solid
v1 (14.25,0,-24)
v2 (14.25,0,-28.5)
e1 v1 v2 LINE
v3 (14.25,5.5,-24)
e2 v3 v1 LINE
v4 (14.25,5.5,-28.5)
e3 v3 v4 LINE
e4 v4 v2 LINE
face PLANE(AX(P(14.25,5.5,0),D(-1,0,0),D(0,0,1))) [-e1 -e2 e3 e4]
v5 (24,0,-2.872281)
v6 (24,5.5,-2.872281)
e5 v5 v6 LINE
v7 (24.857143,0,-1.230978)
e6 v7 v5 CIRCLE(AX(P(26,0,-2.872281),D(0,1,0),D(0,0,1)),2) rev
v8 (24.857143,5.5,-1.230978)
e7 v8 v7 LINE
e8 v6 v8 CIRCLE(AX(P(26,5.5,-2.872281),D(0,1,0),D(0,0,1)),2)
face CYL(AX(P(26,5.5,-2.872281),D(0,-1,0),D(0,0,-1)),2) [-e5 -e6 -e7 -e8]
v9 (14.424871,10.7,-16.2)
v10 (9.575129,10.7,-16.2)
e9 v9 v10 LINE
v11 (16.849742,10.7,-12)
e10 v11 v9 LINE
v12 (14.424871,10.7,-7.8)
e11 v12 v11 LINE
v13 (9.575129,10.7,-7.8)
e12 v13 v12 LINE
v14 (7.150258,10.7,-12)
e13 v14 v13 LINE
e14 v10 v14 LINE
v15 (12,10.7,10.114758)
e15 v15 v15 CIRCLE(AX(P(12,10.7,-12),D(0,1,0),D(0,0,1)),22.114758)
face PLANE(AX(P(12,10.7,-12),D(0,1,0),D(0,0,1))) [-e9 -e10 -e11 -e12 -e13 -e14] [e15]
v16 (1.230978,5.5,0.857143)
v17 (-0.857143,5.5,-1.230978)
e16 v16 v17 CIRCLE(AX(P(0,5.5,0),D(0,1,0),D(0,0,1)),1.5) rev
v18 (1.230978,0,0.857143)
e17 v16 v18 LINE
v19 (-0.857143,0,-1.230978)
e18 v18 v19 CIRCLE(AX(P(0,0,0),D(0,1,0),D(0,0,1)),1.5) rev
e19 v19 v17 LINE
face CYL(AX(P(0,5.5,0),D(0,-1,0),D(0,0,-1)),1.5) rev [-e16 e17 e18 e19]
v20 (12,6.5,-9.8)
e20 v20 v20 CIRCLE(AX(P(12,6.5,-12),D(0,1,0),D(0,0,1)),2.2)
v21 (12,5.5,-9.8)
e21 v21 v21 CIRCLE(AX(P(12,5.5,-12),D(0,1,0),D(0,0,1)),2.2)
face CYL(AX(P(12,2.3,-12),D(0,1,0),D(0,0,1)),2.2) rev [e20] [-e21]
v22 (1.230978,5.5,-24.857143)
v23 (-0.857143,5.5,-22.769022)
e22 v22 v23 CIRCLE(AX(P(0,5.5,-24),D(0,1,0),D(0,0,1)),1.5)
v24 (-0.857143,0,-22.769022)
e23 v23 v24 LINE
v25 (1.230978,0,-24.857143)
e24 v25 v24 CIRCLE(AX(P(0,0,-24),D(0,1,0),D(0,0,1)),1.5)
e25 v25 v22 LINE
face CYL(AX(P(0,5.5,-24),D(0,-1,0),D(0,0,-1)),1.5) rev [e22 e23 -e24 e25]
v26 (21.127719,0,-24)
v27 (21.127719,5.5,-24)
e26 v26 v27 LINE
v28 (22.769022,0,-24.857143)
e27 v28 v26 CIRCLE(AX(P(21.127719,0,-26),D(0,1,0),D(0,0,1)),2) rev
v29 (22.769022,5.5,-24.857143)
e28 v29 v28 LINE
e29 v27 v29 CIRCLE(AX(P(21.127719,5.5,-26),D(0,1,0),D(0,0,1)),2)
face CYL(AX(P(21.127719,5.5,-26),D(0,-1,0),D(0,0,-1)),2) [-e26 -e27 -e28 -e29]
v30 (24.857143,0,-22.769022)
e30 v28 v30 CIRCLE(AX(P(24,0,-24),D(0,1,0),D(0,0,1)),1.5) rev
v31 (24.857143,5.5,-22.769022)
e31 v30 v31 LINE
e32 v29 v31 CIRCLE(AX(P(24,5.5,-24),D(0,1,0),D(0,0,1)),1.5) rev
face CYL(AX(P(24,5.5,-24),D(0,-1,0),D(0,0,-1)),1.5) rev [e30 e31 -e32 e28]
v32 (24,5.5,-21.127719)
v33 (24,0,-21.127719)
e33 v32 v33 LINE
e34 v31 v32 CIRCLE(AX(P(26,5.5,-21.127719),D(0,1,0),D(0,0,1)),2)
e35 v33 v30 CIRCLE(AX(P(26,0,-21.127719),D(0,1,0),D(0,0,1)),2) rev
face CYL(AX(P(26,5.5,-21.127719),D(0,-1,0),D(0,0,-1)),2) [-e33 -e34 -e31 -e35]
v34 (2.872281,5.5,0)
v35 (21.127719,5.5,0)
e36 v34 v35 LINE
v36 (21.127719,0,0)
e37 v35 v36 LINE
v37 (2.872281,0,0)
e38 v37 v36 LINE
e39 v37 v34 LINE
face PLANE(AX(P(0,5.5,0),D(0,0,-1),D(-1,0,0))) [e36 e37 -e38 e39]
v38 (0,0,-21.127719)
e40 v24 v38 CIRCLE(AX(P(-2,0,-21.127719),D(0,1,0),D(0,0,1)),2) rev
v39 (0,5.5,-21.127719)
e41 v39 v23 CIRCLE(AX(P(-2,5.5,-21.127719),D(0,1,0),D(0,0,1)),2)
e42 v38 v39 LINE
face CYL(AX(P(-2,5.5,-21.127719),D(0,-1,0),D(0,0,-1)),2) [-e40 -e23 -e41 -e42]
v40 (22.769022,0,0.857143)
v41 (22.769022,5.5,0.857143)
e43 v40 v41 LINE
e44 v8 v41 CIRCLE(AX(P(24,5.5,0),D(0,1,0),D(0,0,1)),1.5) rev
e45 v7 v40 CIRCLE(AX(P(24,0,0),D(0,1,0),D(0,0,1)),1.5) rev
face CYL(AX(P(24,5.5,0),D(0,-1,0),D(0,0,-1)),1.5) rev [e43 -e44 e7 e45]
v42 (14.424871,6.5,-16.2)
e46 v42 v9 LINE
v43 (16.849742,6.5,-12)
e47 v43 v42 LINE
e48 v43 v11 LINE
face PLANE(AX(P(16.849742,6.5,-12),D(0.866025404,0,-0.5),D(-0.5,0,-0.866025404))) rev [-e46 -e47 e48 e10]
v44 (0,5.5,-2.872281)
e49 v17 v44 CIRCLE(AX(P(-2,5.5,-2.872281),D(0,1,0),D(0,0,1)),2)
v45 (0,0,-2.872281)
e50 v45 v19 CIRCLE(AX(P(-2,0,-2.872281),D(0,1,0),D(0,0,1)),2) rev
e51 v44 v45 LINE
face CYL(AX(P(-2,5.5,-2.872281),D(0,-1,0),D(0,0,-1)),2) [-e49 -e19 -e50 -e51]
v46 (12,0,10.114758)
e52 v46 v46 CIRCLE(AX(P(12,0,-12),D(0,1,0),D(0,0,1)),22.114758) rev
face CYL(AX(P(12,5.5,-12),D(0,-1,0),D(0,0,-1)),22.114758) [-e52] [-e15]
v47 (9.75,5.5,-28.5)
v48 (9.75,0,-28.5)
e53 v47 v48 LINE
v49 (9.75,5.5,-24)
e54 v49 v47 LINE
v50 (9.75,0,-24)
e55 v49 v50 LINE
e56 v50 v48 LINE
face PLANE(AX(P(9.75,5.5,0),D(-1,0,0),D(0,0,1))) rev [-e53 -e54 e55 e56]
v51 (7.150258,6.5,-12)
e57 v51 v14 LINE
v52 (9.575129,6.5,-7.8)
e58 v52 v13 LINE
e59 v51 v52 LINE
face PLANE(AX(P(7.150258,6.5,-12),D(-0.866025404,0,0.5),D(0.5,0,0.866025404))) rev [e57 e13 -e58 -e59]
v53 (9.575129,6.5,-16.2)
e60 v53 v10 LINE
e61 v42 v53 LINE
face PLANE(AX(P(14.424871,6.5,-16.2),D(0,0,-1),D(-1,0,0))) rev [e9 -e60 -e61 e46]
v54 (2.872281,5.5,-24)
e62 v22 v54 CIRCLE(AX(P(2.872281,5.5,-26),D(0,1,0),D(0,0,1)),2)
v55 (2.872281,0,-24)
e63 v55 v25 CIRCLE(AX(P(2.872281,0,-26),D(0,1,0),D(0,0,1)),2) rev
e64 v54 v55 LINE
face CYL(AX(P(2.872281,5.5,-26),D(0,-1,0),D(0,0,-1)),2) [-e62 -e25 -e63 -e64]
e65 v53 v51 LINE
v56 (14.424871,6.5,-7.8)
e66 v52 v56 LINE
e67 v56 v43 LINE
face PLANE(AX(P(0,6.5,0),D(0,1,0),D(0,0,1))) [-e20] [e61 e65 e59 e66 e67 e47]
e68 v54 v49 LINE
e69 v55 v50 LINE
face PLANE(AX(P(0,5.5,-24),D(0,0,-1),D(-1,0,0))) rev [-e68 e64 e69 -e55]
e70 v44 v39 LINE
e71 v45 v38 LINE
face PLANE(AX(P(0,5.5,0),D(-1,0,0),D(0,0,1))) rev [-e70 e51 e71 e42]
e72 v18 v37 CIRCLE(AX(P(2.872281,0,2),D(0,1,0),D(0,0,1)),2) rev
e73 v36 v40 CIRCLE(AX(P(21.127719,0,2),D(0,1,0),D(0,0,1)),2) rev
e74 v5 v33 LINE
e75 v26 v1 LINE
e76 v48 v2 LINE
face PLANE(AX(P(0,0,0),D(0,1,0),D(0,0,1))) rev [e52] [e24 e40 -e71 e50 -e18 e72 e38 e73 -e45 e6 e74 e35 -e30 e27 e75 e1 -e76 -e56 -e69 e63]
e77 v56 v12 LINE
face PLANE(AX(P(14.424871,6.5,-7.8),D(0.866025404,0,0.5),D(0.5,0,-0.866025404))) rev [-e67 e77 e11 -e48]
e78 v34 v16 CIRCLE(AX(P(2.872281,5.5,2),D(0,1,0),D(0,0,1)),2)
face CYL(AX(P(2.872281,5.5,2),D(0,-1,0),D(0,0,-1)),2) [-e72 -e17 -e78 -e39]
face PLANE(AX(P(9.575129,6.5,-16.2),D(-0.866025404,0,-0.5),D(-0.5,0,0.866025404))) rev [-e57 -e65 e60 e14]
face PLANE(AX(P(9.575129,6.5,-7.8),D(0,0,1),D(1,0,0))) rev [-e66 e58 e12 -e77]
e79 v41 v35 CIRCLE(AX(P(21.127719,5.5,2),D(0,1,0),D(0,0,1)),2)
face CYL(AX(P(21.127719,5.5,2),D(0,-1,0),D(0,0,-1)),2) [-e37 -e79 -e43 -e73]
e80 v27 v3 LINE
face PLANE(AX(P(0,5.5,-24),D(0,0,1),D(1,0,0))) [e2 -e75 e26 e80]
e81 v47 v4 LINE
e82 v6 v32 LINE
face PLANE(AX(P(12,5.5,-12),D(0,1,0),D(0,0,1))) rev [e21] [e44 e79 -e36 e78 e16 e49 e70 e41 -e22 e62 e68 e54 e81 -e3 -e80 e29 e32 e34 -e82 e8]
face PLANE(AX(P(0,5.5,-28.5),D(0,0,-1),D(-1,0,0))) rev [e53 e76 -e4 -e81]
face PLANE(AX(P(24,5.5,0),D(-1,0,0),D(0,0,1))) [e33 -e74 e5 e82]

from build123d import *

# Parameters (mm, degrees)
BOSS_EXTRUDE1_DEPTH = 5.5
FILLET1_R           = 2
SKETCH2_R           = 22.114757516
BOSS_EXTRUDE2_DEPTH = 5.2
CUT_EXTRUDE1_DEPTH  = 4.2
SKETCH4_R           = 2.2
CUT_EXTRUDE2_DEPTH  = 4.2


with BuildPart() as part:
    # Sketch1 → Boss-Extrude1 (new body)
    with BuildSketch(Plane(origin=(0, 0, 0), x_dir=(1, 0, 0), z_dir=(0, 1, 0))):
        with BuildLine():
            ThreePointArc((1.5, 0), (-1.060660172, -1.060660172), (0, 1.5))
            Line((0, 1.5), (0, 22.5))
            ThreePointArc((0, 22.5), (-1.060660172, 25.060660172), (1.5, 24))
            Line((1.5, 24), (9.75, 24))
            Line((9.75, 24), (9.75, 28.5))
            Line((9.75, 28.5), (9.75, 34))
            ThreePointArc((9.75, 34), (12, -10.114757516), (14.25, 34))
            Line((14.25, 34), (14.25, 28.5))
            Line((14.25, 28.5), (14.25, 24))
            Line((14.25, 24), (22.5, 24))
            ThreePointArc((22.5, 24), (25.060660172, 25.060660172), (24, 22.5))
            Line((24, 22.5), (24, 1.5))
            ThreePointArc((24, 1.5), (25.060660172, -1.060660172), (22.5, 0))
            Line((22.5, 0), (1.5, 0))
        make_face()
        with BuildLine():
            Line((9.75, 34), (9.75, 28.5))
            Line((9.75, 28.5), (14.25, 28.5))
            Line((14.25, 28.5), (14.25, 34))
            ThreePointArc((14.25, 34), (12, 34.114757516), (9.75, 34))
        make_face()
    extrude(amount=BOSS_EXTRUDE1_DEPTH)

    # Fillet1
    fillet1_edges = [part.edges().sort_by_distance(p)[0] for p in [
        (0, 2.75, -22.5),
        (0, 2.75, -1.5),
        (1.5, 2.75, 0),
        (22.5, 2.75, 0),
        (24, 2.75, -1.5),
        (24, 2.75, -22.5),
        (22.5, 2.75, -24),
        (1.5, 2.75, -24),
    ]]
    fillet(fillet1_edges, radius=FILLET1_R)

    # Sketch2 → Boss-Extrude2 (add)
    with BuildSketch(Plane(origin=(0, 5.5, 0), x_dir=(1, 0, 0), z_dir=(0, 1, 0))):
        with Locations(Location((12, 12, 0), (0, 0, 270))):
            Circle(SKETCH2_R)
    extrude(amount=BOSS_EXTRUDE2_DEPTH)

    # Sketch3 → Cut-Extrude1 (cut)
    with BuildSketch(Plane(origin=(0, 10.7, 0), x_dir=(1, 0, 0), z_dir=(0, 1, 0))):
        Polygon((16.849742261, 12), (14.424871131, 16.2), (9.575128869, 16.2), (7.150257739, 12), (9.575128869, 7.8), (14.424871131, 7.8), align=None)
    extrude(amount=-CUT_EXTRUDE1_DEPTH, mode=Mode.SUBTRACT)

    # Sketch4 → Cut-Extrude2 (cut)
    with BuildSketch(Plane(origin=(0, 6.5, 0), x_dir=(1, 0, 0), z_dir=(0, 1, 0))):
        with Locations(Location((12, 12, 0), (0, 0, 270))):
            Circle(SKETCH4_R)
    extrude(amount=-CUT_EXTRUDE2_DEPTH, mode=Mode.SUBTRACT)


solid = part.part
